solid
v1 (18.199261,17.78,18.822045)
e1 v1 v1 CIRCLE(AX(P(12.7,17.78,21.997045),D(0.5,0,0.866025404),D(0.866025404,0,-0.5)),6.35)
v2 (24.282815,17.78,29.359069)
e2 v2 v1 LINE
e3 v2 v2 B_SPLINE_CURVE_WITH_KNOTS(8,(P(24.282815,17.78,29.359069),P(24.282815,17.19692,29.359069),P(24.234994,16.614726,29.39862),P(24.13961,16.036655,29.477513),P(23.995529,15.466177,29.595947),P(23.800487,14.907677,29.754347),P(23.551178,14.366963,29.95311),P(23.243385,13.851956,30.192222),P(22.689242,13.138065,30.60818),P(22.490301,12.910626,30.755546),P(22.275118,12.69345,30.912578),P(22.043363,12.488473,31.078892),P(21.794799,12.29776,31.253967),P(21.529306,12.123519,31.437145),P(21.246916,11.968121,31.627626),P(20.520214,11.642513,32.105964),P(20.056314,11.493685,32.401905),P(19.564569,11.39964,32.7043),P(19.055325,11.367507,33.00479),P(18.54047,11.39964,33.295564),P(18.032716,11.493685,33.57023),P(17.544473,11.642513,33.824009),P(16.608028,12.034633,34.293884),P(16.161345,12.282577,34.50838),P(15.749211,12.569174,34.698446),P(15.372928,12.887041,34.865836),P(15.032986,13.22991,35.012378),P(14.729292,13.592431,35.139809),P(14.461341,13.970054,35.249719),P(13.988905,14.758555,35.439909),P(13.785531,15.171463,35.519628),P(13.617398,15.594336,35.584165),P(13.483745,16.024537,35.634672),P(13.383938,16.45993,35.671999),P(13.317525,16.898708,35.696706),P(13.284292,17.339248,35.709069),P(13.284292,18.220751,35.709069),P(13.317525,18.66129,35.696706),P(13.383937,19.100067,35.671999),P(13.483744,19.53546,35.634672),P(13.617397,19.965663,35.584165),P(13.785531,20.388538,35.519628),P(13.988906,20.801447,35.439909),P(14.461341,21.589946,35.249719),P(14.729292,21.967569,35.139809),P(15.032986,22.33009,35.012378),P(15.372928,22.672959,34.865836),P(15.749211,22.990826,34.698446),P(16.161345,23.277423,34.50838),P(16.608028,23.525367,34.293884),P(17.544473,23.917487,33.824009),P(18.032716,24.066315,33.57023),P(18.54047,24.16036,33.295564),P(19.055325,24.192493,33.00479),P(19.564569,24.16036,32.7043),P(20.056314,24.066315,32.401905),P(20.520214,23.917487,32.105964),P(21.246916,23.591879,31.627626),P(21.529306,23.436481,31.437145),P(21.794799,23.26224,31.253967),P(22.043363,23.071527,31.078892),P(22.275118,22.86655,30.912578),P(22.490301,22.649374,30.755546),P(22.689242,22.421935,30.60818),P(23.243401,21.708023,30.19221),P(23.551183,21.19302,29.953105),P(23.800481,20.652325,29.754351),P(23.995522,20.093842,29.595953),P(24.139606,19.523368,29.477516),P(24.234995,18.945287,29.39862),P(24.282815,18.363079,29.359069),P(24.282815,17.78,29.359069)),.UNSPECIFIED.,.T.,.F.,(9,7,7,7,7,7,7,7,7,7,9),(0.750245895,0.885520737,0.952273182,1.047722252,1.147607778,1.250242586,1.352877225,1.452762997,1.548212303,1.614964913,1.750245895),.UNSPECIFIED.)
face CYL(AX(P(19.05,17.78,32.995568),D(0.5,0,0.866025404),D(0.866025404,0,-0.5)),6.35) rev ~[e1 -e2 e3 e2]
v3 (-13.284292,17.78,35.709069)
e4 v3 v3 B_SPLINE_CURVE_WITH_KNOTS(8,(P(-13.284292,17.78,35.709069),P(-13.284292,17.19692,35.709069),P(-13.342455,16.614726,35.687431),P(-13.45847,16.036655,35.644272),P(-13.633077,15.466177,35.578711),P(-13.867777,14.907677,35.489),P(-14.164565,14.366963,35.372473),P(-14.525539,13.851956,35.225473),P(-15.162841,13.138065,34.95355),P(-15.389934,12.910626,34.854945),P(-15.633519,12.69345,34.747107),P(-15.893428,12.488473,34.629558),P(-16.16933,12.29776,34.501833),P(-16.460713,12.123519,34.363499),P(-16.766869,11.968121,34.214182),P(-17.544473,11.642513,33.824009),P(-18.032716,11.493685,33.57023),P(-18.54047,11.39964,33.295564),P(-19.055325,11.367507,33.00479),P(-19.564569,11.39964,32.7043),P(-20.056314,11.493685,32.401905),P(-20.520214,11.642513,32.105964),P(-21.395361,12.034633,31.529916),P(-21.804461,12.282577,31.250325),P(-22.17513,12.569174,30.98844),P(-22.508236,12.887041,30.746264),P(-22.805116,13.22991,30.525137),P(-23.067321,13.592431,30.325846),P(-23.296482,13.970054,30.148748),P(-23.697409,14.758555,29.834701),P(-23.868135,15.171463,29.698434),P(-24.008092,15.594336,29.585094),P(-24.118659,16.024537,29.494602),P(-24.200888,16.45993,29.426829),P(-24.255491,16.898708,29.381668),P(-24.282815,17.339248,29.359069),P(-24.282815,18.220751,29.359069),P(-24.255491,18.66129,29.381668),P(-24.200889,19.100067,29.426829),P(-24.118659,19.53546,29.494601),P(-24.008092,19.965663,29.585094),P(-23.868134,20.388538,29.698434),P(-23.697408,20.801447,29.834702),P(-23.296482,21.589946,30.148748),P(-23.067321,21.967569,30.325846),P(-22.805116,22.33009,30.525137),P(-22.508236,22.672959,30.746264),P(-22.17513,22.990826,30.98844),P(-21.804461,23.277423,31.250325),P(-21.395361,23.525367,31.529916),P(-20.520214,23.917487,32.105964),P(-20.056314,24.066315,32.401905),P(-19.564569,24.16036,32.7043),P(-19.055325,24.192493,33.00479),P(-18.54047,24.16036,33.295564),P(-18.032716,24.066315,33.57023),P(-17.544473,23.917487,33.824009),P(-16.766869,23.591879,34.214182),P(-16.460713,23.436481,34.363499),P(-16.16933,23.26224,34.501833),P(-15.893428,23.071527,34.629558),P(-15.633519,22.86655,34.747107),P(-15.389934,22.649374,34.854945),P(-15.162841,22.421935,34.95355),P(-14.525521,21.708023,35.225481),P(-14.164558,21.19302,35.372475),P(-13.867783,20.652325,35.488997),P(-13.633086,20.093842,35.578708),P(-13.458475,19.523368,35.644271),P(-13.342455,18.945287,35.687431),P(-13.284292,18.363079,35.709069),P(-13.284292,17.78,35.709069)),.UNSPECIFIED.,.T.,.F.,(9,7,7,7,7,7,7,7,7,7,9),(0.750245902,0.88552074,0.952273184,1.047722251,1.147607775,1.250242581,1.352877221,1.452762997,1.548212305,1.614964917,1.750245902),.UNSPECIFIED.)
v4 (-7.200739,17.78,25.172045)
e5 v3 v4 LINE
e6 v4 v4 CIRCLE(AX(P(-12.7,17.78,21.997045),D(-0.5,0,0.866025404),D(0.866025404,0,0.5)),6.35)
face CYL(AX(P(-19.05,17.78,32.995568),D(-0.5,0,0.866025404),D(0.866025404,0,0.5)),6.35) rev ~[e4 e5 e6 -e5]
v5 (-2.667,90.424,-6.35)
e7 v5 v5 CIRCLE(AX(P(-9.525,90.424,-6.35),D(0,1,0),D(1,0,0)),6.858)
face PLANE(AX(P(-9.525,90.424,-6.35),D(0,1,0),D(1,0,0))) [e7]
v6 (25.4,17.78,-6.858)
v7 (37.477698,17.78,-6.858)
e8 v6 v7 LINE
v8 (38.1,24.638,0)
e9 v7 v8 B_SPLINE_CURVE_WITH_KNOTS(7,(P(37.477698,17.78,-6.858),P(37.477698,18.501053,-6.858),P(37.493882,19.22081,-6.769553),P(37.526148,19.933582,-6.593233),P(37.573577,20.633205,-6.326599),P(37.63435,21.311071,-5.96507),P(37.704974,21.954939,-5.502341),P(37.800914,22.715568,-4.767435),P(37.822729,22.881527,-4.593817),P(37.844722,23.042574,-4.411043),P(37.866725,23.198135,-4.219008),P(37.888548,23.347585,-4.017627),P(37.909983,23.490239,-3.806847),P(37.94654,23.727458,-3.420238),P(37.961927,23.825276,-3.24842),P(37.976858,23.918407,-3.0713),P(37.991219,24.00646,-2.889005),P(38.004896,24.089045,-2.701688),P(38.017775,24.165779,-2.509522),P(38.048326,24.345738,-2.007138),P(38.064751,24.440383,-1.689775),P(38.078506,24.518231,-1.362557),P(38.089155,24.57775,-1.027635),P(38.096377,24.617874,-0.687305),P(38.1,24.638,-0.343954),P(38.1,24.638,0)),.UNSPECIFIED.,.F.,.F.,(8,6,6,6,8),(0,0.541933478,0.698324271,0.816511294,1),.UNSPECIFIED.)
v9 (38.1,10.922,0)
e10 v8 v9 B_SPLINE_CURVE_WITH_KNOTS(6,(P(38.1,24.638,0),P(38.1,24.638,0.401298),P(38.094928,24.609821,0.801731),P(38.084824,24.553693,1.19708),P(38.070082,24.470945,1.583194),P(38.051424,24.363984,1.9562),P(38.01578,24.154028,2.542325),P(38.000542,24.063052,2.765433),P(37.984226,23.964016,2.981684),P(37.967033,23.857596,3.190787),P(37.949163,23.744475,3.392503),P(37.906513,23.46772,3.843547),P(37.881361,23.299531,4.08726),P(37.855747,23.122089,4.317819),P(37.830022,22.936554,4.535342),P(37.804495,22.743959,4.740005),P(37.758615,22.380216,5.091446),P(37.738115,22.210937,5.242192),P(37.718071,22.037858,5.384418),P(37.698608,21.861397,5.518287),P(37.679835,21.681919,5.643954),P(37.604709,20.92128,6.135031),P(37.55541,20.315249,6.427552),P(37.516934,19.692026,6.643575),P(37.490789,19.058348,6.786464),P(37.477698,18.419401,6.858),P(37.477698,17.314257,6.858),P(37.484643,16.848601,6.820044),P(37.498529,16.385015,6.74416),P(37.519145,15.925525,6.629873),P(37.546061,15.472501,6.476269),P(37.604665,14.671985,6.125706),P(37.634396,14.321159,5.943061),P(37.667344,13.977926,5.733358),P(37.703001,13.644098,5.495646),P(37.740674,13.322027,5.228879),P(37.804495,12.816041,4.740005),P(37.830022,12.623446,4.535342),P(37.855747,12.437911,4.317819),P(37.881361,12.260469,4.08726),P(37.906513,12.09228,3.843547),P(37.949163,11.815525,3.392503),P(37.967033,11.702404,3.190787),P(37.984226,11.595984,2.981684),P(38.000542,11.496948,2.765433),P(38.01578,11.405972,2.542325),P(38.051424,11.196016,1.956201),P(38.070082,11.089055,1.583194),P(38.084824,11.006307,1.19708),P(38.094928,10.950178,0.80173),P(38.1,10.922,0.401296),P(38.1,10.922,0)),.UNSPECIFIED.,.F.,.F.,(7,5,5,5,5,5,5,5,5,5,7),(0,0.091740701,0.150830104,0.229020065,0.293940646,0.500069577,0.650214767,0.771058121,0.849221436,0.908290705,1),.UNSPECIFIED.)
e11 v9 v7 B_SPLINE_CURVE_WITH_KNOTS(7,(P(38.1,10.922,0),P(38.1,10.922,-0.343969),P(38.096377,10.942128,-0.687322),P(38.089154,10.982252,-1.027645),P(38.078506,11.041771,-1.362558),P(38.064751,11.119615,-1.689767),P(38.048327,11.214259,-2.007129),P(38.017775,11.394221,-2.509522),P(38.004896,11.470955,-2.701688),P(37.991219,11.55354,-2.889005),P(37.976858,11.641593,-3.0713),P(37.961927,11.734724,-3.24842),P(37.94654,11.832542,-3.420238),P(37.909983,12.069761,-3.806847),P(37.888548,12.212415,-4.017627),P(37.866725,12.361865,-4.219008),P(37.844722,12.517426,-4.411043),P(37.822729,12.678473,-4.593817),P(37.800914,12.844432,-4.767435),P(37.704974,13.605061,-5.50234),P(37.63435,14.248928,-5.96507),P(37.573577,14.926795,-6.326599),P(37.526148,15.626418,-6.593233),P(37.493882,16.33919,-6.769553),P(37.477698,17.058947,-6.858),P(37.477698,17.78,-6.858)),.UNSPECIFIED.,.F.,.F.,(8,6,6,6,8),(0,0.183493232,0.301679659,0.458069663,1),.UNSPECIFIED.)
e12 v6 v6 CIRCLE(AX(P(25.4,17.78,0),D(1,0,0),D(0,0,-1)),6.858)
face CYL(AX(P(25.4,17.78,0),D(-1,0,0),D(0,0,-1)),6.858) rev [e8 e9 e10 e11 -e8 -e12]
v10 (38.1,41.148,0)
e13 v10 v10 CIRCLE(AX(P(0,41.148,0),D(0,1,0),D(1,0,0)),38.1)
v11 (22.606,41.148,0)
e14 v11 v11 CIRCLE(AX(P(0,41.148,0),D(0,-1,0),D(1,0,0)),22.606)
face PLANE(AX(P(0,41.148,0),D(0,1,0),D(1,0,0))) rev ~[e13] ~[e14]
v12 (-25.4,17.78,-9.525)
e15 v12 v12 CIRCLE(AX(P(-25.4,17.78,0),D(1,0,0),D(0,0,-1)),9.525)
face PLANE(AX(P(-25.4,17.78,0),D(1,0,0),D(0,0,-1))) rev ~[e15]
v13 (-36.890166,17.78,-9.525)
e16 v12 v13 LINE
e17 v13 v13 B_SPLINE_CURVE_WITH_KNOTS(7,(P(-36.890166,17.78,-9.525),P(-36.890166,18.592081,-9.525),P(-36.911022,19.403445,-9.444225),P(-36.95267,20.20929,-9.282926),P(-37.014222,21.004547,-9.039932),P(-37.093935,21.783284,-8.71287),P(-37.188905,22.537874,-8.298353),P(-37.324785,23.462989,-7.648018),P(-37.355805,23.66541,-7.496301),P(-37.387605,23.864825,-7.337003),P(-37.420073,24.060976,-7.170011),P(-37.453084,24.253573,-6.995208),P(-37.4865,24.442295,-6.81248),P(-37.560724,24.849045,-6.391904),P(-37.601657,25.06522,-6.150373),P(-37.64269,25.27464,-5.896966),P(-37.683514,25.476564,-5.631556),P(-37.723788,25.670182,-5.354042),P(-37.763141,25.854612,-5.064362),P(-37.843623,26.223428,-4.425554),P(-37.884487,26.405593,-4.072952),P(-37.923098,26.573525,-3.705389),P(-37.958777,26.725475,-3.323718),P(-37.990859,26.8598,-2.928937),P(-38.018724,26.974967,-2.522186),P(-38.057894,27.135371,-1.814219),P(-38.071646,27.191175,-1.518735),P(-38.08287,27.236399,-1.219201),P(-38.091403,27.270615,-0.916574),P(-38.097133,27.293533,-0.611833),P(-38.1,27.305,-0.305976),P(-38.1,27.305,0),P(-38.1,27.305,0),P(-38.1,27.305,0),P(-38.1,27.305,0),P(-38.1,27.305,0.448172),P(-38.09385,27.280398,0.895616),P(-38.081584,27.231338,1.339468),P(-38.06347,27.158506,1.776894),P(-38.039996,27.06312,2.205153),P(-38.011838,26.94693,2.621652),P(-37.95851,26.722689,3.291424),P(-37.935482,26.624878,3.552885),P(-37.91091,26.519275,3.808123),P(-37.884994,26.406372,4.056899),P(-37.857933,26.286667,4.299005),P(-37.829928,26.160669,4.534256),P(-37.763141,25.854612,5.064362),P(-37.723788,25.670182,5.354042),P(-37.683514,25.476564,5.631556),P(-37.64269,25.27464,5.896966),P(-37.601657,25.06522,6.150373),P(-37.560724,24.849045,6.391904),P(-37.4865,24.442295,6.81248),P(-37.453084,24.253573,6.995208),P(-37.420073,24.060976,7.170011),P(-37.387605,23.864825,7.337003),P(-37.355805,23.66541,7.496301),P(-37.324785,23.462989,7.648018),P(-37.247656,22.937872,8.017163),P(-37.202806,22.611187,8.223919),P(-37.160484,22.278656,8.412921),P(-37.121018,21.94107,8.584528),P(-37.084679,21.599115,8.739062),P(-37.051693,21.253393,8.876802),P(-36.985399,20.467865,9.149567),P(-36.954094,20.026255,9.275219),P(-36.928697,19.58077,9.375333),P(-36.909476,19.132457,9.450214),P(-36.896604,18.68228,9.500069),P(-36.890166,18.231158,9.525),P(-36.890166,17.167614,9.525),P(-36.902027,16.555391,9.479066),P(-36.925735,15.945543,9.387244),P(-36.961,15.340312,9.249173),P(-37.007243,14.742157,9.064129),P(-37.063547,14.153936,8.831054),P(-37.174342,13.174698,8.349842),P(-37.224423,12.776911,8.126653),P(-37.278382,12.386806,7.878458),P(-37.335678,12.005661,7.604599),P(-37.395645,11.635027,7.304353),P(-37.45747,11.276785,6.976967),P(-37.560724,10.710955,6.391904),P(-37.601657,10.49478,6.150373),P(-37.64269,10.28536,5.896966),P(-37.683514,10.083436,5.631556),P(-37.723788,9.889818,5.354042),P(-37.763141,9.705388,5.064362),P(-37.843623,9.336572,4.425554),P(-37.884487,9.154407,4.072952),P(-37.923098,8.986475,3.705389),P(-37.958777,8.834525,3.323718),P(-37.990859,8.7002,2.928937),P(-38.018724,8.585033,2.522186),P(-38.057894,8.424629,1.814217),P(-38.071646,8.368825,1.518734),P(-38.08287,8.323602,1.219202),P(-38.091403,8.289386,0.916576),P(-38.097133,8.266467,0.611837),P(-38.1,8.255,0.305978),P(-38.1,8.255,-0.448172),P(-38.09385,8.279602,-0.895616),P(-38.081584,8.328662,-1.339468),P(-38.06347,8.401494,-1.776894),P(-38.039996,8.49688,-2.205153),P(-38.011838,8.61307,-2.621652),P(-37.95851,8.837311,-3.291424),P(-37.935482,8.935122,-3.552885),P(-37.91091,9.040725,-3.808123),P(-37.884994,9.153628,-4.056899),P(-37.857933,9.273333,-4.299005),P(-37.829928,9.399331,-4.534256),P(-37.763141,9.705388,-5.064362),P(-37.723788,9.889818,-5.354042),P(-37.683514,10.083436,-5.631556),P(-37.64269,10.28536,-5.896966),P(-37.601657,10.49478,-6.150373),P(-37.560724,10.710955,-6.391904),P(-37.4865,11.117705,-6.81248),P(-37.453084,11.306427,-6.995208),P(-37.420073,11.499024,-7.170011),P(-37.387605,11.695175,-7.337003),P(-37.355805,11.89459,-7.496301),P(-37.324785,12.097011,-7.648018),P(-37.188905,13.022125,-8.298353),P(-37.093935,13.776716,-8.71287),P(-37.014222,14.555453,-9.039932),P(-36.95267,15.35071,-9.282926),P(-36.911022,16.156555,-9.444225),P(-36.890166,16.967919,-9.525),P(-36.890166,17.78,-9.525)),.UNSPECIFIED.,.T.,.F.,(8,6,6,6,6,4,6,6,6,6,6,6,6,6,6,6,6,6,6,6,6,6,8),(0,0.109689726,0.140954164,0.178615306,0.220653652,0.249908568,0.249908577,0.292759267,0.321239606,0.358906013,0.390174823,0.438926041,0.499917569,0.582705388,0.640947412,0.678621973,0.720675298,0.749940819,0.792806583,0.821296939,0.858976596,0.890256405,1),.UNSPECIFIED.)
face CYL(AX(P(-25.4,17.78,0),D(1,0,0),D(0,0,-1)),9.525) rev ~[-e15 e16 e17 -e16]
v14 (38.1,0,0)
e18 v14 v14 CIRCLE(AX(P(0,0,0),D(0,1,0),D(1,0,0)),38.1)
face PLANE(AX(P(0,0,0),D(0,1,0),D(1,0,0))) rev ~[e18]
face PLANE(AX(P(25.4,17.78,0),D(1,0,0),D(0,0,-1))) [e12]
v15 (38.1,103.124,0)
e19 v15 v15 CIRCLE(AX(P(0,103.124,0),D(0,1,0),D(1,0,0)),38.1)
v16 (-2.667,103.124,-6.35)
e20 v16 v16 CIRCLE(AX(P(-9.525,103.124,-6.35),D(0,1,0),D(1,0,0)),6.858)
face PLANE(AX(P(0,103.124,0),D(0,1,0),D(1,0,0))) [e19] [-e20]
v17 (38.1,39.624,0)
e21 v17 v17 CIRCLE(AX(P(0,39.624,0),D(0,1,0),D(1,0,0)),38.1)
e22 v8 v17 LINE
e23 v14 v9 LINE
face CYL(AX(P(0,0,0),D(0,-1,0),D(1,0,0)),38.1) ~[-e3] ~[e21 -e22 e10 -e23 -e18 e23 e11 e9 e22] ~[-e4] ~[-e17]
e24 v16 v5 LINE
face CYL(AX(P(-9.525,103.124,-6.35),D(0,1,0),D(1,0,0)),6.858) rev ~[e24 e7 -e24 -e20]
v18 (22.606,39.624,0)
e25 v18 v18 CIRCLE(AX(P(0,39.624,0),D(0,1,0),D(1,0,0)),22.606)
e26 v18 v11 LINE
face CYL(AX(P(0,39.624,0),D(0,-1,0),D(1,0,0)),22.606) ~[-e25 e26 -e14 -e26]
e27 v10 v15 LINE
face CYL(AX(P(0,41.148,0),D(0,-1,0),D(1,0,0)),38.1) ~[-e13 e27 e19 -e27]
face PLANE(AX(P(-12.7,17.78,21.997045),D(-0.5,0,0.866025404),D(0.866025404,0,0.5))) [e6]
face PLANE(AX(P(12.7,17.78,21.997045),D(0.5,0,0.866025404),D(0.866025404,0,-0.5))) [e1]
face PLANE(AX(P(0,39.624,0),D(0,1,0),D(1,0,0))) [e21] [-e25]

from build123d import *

# Parameters (mm, degrees)
SKETCH1_R           = 38.1
BOSS_EXTRUDE1_DEPTH = 39.624
SKETCH2_R           = 22.606
BOSS_EXTRUDE2_DEPTH = 12.7
SKETCH3_R           = 38.1
BOSS_EXTRUDE3_DEPTH = 61.976
CUT_EXTRUDE1_START  = 25.4
SKETCH4_R           = 6.858
CUT_EXTRUDE1_DEPTH  = 12.7
CUT_EXTRUDE2_START  = -25.4
SKETCH5_R           = 9.525
CUT_EXTRUDE2_DEPTH  = 12.7
SKETCH7_R           = 6.35
CUT_EXTRUDE3_DEPTH  = 12.7
SKETCH8_R           = 6.35
CUT_EXTRUDE5_DEPTH  = 12.7
SKETCH9_R           = 6.858
CUT_EXTRUDE6_DEPTH  = 12.7


with BuildPart() as part:
    # Sketch1 → Boss-Extrude1 (new body)
    with BuildSketch(Plane(origin=(0, 0, 0), x_dir=(1, 0, 0), z_dir=(0, 1, 0))):
        Circle(SKETCH1_R)
    extrude(amount=BOSS_EXTRUDE1_DEPTH)

    # Sketch2 → Boss-Extrude2 (add)
    with BuildSketch(Plane(origin=(0, 39.624, 0), x_dir=(1, 0, 0), z_dir=(0, 1, 0))):
        Circle(SKETCH2_R)
    extrude(amount=BOSS_EXTRUDE2_DEPTH)

    # Sketch3 → Boss-Extrude3 (add)
    with BuildSketch(Plane(origin=(0, 41.148, 0), x_dir=(1, 0, 0), z_dir=(0, 1, 0))):
        Circle(SKETCH3_R)
    extrude(amount=BOSS_EXTRUDE3_DEPTH)

    # Sketch4 → Cut-Extrude1 (cut)
    with BuildSketch(Plane(origin=(0, 0, 0), x_dir=(0, 0, -1), z_dir=(1, 0, 0)).offset(CUT_EXTRUDE1_START)):
        with Locations((0, 17.78)):
            Circle(SKETCH4_R)
    extrude(amount=CUT_EXTRUDE1_DEPTH, mode=Mode.SUBTRACT)

    # Sketch5 → Cut-Extrude2 (cut)
    with BuildSketch(Plane(origin=(0, 0, 0), x_dir=(0, 0, -1), z_dir=(1, 0, 0)).offset(CUT_EXTRUDE2_START)):
        with Locations((0, 17.78)):
            Circle(SKETCH5_R)
    extrude(amount=-CUT_EXTRUDE2_DEPTH, mode=Mode.SUBTRACT)

    # Sketch7 → Cut-Extrude3 (cut)
    with BuildSketch(Plane(origin=(-19.05, 0, 32.995567884), x_dir=(0.866025404, 0, 0.5), z_dir=(-0.5, 0, 0.866025404))):
        with Locations((0, 17.78)):
            Circle(SKETCH7_R)
    extrude(amount=-CUT_EXTRUDE3_DEPTH, mode=Mode.SUBTRACT)

    # Sketch8 → Cut-Extrude5 (cut)
    with BuildSketch(Plane(origin=(19.05, 0, 32.995567884), x_dir=(0.866025404, 0, -0.5), z_dir=(0.5, 0, 0.866025404))):
        with Locations((0, 17.78)):
            Circle(SKETCH8_R)
    extrude(amount=-CUT_EXTRUDE5_DEPTH, mode=Mode.SUBTRACT)

    # Sketch9 → Cut-Extrude6 (cut)
    with BuildSketch(Plane(origin=(0, 103.124, 0), x_dir=(1, 0, 0), z_dir=(0, 1, 0))):
        with Locations((-9.525, 6.35)):
            Circle(SKETCH9_R)
    extrude(amount=-CUT_EXTRUDE6_DEPTH, mode=Mode.SUBTRACT)


solid = part.part
